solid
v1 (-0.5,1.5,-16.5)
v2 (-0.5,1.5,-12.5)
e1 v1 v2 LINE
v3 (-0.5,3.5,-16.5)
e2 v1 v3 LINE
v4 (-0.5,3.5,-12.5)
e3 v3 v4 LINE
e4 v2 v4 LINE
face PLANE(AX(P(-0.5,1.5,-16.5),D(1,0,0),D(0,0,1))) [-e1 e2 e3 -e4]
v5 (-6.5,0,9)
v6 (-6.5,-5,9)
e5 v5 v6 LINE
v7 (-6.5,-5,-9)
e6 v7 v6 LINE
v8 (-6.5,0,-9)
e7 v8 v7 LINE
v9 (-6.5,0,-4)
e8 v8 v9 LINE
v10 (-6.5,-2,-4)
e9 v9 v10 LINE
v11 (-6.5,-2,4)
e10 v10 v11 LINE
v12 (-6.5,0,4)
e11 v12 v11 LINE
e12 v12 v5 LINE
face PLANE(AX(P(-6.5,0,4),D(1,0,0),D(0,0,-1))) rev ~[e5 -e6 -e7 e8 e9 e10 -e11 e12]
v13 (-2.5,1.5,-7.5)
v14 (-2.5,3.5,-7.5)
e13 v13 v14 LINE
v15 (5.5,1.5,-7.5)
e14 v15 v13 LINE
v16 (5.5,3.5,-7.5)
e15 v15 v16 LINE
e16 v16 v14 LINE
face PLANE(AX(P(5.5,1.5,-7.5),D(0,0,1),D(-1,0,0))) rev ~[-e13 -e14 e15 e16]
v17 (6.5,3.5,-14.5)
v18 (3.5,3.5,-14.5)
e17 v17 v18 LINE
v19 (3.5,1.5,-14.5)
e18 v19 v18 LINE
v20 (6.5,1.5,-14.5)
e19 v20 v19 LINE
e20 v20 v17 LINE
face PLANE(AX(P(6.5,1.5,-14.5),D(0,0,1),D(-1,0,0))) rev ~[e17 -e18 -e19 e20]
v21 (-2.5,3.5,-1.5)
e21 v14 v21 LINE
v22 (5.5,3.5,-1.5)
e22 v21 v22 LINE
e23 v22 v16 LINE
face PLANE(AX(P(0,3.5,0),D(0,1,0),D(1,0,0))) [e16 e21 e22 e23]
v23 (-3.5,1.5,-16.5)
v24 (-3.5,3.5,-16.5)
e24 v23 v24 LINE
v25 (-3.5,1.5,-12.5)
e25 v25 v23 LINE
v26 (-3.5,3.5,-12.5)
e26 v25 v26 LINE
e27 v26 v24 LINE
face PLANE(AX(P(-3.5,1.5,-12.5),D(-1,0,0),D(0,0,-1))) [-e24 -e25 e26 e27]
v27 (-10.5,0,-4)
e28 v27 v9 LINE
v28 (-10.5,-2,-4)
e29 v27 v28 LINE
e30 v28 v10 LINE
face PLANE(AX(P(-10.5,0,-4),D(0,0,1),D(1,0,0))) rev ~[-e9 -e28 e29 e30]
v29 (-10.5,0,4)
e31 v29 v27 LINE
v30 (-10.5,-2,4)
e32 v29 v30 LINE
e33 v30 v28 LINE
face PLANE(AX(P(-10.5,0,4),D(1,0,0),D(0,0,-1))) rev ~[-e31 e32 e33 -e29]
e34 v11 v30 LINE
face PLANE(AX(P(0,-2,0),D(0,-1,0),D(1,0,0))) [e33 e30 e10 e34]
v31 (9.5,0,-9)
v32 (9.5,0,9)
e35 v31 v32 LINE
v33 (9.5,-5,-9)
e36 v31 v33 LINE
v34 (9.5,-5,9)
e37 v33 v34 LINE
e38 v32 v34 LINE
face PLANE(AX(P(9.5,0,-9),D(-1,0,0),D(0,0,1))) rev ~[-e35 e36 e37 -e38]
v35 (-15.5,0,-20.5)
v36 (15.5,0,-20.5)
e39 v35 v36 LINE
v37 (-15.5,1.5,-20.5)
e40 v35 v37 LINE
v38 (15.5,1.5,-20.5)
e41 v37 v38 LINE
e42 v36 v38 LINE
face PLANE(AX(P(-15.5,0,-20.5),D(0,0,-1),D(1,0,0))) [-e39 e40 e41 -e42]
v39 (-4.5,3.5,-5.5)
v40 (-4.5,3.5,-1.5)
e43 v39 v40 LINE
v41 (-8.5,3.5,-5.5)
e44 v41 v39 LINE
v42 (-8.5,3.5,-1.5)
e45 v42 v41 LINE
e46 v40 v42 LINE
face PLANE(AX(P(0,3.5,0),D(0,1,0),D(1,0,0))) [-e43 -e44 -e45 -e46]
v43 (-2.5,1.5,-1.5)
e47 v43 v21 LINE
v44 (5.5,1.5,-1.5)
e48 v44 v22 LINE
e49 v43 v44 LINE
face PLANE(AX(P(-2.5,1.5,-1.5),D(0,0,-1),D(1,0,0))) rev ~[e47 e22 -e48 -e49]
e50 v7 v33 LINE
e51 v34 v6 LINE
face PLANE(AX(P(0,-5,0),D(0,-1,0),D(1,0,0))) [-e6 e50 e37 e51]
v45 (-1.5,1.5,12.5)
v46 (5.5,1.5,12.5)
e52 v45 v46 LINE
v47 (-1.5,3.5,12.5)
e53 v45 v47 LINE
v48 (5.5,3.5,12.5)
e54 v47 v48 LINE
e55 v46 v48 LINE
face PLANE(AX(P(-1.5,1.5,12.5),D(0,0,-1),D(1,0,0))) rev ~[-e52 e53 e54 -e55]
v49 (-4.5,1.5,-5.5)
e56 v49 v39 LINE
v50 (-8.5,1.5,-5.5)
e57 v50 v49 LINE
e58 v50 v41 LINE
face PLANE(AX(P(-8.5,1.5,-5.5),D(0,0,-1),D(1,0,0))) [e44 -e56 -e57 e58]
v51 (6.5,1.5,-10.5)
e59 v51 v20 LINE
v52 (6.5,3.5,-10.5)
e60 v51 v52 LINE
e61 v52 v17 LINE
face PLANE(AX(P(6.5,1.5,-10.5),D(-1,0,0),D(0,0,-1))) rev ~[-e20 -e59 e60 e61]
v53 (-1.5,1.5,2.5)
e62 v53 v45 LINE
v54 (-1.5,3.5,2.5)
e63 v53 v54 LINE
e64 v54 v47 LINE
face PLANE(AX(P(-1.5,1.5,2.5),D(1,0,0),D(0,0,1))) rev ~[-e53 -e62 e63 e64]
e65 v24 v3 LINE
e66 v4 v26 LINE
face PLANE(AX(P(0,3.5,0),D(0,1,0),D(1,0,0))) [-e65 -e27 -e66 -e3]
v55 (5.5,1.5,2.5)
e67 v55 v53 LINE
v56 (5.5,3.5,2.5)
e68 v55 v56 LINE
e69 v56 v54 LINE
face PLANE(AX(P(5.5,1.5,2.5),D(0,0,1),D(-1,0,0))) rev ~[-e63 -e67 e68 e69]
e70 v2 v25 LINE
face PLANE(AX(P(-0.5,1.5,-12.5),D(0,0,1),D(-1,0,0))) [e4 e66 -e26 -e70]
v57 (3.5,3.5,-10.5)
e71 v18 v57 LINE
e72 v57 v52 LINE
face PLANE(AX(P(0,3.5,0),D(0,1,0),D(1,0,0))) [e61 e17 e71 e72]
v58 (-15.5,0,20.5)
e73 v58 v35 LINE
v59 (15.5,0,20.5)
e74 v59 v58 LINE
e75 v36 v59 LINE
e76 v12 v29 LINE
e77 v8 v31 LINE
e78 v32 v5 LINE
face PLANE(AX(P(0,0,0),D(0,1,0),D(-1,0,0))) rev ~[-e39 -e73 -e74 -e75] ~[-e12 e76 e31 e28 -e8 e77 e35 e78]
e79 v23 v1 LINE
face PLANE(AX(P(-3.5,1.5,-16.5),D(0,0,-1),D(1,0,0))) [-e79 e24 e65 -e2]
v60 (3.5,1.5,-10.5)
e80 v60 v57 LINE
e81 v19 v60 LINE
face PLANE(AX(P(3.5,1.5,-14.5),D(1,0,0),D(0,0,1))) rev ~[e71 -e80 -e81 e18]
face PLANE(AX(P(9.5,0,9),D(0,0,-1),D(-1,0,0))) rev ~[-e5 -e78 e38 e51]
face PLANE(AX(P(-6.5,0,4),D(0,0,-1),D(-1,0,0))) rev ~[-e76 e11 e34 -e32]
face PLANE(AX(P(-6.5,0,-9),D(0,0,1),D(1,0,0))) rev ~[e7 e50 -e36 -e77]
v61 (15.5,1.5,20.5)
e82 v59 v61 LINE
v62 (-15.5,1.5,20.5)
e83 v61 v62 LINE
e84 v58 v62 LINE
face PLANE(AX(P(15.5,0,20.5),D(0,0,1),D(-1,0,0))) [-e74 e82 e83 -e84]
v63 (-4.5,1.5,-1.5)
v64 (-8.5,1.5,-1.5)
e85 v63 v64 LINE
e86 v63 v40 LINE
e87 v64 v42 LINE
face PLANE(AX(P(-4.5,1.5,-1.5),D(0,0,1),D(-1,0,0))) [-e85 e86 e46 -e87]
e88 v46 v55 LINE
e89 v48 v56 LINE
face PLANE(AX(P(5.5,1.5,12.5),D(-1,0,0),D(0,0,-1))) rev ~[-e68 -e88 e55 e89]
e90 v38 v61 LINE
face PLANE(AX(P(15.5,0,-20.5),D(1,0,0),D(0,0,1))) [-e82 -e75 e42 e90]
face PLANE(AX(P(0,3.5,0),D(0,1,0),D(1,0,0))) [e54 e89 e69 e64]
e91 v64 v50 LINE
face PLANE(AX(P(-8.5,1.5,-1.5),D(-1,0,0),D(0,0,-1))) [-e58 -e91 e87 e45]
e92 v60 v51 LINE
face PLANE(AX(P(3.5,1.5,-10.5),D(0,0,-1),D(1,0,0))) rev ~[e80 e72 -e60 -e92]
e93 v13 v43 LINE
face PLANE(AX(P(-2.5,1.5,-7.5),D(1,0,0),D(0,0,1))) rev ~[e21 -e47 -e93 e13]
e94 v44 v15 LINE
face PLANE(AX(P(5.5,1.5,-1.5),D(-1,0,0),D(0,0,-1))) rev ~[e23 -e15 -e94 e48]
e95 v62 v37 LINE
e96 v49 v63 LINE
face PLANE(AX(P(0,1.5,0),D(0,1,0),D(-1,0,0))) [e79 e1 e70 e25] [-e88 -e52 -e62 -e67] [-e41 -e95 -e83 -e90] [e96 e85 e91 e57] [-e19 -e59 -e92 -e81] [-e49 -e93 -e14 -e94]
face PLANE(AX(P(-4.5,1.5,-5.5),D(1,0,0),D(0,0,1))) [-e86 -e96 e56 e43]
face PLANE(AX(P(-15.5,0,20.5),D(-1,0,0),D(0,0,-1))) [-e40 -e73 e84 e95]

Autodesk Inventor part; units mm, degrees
ref_plane "YZ Plane" through (0, 0, 0) normal (1, 0, 0) x (0, 1, 0)
ref_plane "XZ Plane" through (0, 0, 0) normal (0, 1, 0) x (-1, 0, 0)
ref_plane "XY Plane" through (0, 0, 0) normal (0, 0, 1) x (1, 0, 0)
sketch "Эскиз1" plane through (0, 0, 0) normal (0, 1, 0) x (-1, 0, 0)
  line L0 (-15.5, 20.5) -> (15.5, 20.5)
  line L1 (15.5, 20.5) -> (15.5, -20.5)
  line L2 (15.5, -20.5) -> (-15.5, -20.5)
  line L3 (-15.5, -20.5) -> (-15.5, 20.5)
  line L4 (-15.5, 20.5) -> (15.5, -20.5) construction
  line L5 (15.5, 20.5) -> (-15.5, -20.5) construction
  point P0 (0, 0)
  dimension "d0" = 41
  dimension "d1" = 31
extrude "Выдавливание1" add sketch "Эскиз1" along normal blind 1.5
sketch "Эскиз2" plane through (0, 1.5, 0) normal (0, 1, 0) x (1, 0, 0)
  line L0 (-1.5, -12.5) -> (5.5, -12.5)
  line L1 (5.5, -12.5) -> (5.5, -2.5)
  line L2 (5.5, -2.5) -> (-1.5, -2.5)
  line L3 (-1.5, -2.5) -> (-1.5, -12.5)
  line L4 (-1.5, -12.5) -> (5.5, -2.5) construction
  line L5 (5.5, -12.5) -> (-1.5, -2.5) construction
  line L6 (-2.5, 1.5) -> (5.5, 1.5)
  line L7 (5.5, 1.5) -> (5.5, 7.5)
  line L8 (5.5, 7.5) -> (-2.5, 7.5)
  line L9 (-2.5, 7.5) -> (-2.5, 1.5)
  line L10 (-2.5, 1.5) -> (5.5, 7.5) construction
  line L11 (5.5, 1.5) -> (-2.5, 7.5) construction
  line L12 (3.5, 10.5) -> (6.5, 10.5)
  line L13 (6.5, 10.5) -> (6.5, 14.5)
  line L14 (6.5, 14.5) -> (3.5, 14.5)
  line L15 (3.5, 14.5) -> (3.5, 10.5)
  line L16 (3.5, 10.5) -> (6.5, 14.5) construction
  line L17 (6.5, 10.5) -> (3.5, 14.5) construction
  line L18 (-3.5, 16.5) -> (-0.5, 16.5)
  line L19 (-0.5, 16.5) -> (-0.5, 12.5)
  line L20 (-0.5, 12.5) -> (-3.5, 12.5)
  line L21 (-3.5, 12.5) -> (-3.5, 16.5)
  line L22 (-3.5, 16.5) -> (-0.5, 12.5) construction
  line L23 (-0.5, 16.5) -> (-3.5, 12.5) construction
  line L24 (-8.5, 5.5) -> (-4.5, 5.5)
  line L25 (-4.5, 5.5) -> (-4.5, 1.5)
  line L26 (-4.5, 1.5) -> (-8.5, 1.5)
  line L27 (-8.5, 1.5) -> (-8.5, 5.5)
  line L28 (-8.5, 5.5) -> (-4.5, 1.5) construction
  line L29 (-4.5, 5.5) -> (-8.5, 1.5) construction
  line L30 (15.5, 20.5) -> (-15.5, 20.5) projected
  line L31 (15.5, -20.5) -> (15.5, 20.5) projected
  line L32 (-15.5, -20.5) -> (15.5, -20.5) projected
  point P0 (0, 0)
  point P1 (2, -7.5)
  point P2 (1.5, 4.5)
  point P3 (5, 12.5)
  point P4 (-2, 14.5)
  point P5 (-6.5, 3.5)
  dimension "d4" = 4
  dimension "d5" = 4
  dimension "d6" = 3
  dimension "d7" = 4
  dimension "d8" = 3
  dimension "d9" = 6
  dimension "d10" = 8
  dimension "d11" = 7
  dimension "d12" = 10
  dimension "d13" = 6
  dimension "d14" = 4
  dimension "d15" = 16
  dimension "d16" = 9
  dimension "d17" = 15
  dimension "d18" = 20
  dimension "d19" = 13
  dimension "d20" = 10
  dimension "d21" = 10
  dimension "d22" = 8
extrude "Выдавливание2" add sketch "Эскиз2" along normal blind 2
sketch "Эскиз3" plane through (0, 0, 0) normal (0, -1, 0) x (1, 0, 0)
  line L0 (-6.5, -9) -> (9.5, -9)
  line L1 (9.5, -9) -> (9.5, 9)
  line L2 (9.5, 9) -> (-6.5, 9)
  line L3 (-6.5, 9) -> (-6.5, -9)
  line L4 (-6.5, -9) -> (9.5, 9) construction
  line L5 (9.5, -9) -> (-6.5, 9) construction
  line L6 (15.5, 20.5) -> (15.5, -20.5) projected
  line L7 (-10.5, -4) -> (-6.5, -4)
  line L8 (-6.5, -4) -> (-6.5, 4)
  line L9 (-6.5, 4) -> (-10.5, 4)
  line L10 (-10.5, 4) -> (-10.5, -4)
  line L11 (-10.5, -4) -> (-6.5, 4) construction
  line L12 (-6.5, -4) -> (-10.5, 4) construction
  line L13 (-15.5, -20.5) -> (-15.5, 20.5) projected
  point P0 (0, 0)
  point P1 (1.5, 0)
  point P2 (1.5, 0)
  point P3 (-8.5, 0)
  point P4 (-8.5, 0)
  dimension "d25" = 16
  dimension "d26" = 18
  dimension "d27" = 6
  dimension "d28" = 8
  dimension "d29" = 4
  dimension "d30" = 5
extrude "Выдавливание3" add sketch "Эскиз3" along normal blind 5 contours L3 L2 L1 L0
sketch "Эскиз4" plane through (0, 0, 0) normal (0, -1, 0) x (1, 0, 0)
  line L0 (-6.5, 4) -> (-10.5, 4)
  line L1 (-10.5, 4) -> (-10.5, -4)
  line L2 (-10.5, -4) -> (-6.5, -4)
  line L3 (-6.5, -4) -> (-6.5, 4)
  line L4 (-6.5, 4) -> (-10.5, -4) construction
  line L5 (-10.5, 4) -> (-6.5, -4) construction
  line L6 (-15.5, -20.5) -> (-15.5, 20.5) projected
  point P0 (0, 0)
  point P1 (-8.5, 0)
  point P2 (-8.5, 0)
  dimension "d33" = 4
  dimension "d34" = 8
  dimension "d35" = 5
extrude "Выдавливание4" add sketch "Эскиз4" along normal blind 2
properties part number "РБАСУ" material "Пластик АБС"
